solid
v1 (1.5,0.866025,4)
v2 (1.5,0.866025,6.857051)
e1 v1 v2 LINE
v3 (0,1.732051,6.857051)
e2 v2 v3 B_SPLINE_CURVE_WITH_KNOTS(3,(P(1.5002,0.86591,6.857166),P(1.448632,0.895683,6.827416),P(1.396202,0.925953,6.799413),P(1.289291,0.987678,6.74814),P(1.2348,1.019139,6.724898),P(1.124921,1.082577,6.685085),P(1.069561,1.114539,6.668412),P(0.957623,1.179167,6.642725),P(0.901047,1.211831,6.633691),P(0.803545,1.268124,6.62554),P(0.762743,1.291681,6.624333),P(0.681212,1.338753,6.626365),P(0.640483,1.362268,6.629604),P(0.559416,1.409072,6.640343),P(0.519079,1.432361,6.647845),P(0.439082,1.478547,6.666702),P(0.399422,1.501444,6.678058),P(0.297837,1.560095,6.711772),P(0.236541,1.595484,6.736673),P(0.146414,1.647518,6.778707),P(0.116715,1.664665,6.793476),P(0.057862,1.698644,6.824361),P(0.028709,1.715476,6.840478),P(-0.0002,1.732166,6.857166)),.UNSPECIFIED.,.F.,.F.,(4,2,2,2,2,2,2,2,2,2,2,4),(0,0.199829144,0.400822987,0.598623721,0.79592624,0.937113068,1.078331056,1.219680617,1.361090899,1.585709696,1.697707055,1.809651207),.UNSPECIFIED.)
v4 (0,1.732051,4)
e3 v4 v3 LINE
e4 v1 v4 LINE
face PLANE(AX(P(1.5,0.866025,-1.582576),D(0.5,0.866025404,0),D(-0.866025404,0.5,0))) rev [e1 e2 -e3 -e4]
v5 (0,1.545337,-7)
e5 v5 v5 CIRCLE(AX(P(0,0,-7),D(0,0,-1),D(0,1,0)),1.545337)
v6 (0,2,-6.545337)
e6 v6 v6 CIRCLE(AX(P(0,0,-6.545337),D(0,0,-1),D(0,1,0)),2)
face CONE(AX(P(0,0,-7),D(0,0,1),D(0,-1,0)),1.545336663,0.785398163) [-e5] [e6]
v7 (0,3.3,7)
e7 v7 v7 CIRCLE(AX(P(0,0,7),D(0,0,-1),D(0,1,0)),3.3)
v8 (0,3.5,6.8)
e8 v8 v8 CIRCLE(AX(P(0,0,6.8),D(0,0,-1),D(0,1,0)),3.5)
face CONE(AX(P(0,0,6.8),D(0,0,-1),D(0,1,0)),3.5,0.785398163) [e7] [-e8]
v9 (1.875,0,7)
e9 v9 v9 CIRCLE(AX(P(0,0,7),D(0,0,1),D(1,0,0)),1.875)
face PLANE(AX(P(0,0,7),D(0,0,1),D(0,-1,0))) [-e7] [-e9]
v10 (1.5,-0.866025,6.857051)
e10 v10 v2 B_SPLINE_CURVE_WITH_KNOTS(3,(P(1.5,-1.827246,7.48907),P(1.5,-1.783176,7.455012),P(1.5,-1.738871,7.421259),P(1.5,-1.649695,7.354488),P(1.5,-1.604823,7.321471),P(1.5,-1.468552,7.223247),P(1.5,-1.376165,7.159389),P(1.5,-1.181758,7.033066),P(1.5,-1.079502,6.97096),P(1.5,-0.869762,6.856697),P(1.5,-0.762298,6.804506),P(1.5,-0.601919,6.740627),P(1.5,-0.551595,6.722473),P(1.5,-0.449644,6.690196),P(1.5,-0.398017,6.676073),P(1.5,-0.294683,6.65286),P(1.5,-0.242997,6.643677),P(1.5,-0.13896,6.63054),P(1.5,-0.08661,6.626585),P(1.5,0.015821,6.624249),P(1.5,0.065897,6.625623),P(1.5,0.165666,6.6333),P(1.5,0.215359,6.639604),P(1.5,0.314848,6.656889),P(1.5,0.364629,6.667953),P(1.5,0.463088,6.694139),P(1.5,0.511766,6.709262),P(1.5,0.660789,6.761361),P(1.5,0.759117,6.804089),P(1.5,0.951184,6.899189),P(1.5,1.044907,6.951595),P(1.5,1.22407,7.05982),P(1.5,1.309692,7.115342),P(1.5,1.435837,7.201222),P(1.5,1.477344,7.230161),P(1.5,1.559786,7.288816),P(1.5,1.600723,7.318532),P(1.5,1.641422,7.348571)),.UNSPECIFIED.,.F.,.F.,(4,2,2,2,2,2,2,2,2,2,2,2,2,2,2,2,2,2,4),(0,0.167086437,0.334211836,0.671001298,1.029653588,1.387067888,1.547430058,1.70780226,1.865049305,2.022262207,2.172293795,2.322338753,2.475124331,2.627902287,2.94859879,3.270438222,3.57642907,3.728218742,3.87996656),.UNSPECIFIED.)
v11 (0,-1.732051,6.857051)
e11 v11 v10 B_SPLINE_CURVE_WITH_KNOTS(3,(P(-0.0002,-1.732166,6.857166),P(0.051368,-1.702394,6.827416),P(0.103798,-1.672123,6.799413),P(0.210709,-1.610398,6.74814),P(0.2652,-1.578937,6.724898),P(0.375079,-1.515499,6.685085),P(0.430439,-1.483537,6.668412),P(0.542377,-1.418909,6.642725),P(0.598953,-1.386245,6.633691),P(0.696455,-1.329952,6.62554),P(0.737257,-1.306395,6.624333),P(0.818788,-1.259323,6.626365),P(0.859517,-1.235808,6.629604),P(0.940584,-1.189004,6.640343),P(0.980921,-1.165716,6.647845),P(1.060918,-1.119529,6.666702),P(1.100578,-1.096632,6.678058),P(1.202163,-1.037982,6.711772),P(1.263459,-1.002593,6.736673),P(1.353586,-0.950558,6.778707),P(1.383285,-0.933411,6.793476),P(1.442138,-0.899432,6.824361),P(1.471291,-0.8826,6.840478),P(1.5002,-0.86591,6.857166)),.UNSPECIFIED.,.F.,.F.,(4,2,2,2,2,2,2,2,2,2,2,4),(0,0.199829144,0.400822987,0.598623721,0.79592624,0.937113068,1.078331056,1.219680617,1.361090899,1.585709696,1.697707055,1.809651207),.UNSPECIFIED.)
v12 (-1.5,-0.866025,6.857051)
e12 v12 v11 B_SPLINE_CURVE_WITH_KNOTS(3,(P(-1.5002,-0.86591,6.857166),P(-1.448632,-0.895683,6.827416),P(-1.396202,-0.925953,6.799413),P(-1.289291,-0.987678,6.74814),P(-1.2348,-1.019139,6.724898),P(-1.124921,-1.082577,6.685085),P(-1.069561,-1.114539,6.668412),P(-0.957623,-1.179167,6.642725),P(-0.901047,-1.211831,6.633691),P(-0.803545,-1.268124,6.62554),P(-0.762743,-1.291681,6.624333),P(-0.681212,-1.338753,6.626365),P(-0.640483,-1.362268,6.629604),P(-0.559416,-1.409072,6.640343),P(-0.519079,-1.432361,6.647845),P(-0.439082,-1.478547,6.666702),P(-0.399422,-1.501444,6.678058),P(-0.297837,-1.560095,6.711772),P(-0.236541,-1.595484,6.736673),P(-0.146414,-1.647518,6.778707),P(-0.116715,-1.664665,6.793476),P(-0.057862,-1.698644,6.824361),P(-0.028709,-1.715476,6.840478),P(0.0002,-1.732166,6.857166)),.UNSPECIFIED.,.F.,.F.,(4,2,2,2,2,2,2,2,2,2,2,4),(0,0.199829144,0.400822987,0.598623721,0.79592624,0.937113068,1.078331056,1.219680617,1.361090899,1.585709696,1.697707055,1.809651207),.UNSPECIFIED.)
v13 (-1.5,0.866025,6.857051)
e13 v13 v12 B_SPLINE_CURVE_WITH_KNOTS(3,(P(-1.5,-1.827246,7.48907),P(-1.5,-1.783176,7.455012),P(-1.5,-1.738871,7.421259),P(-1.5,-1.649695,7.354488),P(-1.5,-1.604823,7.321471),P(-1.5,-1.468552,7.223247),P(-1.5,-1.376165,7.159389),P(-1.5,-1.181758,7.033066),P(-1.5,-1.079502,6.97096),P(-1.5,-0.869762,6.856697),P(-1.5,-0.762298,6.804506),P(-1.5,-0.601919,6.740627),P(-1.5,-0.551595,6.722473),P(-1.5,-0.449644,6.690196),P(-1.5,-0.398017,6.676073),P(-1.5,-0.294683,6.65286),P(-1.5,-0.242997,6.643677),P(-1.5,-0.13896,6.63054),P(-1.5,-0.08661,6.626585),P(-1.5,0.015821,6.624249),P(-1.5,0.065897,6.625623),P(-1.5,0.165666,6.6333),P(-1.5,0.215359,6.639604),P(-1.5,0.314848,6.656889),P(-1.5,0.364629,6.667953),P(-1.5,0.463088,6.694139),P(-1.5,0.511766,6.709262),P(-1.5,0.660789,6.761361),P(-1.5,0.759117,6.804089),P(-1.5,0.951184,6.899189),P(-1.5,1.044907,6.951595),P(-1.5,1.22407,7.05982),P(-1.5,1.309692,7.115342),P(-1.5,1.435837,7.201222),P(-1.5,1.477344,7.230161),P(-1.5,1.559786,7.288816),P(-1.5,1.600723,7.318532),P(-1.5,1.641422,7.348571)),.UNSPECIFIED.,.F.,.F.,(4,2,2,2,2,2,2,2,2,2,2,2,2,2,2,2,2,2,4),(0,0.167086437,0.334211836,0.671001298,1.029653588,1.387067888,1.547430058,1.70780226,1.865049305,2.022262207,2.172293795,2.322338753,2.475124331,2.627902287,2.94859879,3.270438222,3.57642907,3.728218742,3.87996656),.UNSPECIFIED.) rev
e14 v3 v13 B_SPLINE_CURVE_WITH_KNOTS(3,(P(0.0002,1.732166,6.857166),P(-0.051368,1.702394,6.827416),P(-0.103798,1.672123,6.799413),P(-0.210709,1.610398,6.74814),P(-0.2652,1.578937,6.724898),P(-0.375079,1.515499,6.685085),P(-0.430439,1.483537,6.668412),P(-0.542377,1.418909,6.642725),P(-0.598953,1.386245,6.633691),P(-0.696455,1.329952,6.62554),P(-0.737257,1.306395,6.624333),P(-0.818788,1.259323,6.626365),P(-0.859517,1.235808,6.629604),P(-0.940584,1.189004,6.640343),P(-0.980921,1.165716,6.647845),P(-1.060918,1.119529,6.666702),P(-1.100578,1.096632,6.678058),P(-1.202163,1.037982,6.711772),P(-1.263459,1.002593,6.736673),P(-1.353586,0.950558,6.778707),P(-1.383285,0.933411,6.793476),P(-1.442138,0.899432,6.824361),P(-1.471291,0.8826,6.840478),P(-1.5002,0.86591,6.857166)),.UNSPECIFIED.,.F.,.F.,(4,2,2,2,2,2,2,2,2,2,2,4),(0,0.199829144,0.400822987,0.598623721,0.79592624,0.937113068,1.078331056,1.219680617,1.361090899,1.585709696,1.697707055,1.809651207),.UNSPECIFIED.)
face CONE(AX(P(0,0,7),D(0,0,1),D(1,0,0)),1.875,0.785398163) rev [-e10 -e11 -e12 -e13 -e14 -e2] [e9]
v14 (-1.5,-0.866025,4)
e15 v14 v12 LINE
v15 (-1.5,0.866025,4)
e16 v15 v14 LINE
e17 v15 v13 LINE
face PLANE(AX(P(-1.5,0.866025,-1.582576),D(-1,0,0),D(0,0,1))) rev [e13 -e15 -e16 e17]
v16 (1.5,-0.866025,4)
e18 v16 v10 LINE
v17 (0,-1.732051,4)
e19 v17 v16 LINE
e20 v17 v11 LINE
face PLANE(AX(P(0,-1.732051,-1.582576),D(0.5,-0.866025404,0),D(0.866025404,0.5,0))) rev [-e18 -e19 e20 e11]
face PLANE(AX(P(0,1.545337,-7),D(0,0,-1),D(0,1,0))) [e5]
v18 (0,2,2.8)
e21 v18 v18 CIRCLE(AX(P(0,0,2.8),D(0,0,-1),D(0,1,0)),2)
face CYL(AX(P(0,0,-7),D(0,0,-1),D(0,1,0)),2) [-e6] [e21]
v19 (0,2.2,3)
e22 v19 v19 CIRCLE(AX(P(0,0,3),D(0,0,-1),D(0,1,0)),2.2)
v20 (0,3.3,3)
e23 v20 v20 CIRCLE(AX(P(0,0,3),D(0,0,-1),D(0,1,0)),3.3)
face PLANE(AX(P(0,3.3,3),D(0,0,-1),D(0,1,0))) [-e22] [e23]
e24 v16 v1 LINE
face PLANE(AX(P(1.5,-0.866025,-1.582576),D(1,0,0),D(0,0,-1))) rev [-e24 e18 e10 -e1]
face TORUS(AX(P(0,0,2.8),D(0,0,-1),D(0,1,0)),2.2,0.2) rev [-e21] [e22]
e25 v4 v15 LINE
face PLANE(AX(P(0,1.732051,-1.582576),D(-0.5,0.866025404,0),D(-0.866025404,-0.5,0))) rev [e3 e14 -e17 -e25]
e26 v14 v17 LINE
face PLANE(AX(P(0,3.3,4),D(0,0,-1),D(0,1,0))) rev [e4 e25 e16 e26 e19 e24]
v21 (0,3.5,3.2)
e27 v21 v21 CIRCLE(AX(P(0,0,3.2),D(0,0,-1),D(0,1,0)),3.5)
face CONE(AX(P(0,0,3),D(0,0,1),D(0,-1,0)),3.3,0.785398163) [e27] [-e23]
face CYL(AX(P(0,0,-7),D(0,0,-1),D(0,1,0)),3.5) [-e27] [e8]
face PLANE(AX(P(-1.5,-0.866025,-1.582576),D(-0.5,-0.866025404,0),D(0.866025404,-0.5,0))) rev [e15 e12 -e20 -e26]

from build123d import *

# Parameters (mm, degrees)
CUT_EXTRUDE1_DEPTH = 3


with BuildPart() as part:
    # Sketch2 → Revolve1 (revolve)
    with BuildSketch(Plane(origin=(0, 0, 0), x_dir=(0, 0, -1), z_dir=(1, 0, 0))):
        with BuildLine():
            Line((-7, 0), (-7, 3.3))
            Line((-7, 3.3), (-6.8, 3.5))
            Line((-6.8, 3.5), (-3.2, 3.5))
            Line((-3.2, 3.5), (-3, 3.3))
            Line((-3, 3.3), (-3, 2.2))
            ThreePointArc((-3, 2.2), (-2.941421356, 2.058578644), (-2.8, 2))
            Line((-2.8, 2), (6.545336663, 2))
            Line((6.545336663, 2), (7, 1.545336663))
            Line((7, 1.545336663), (7, 0))
            Line((7, 0), (-7, 0))
        make_face()
    revolve(axis=Axis((0, 0, -7), (0, 0, 1)))

    # Sketch3 → Cut-Extrude1 (cut)
    with BuildSketch(Plane.XY.offset(7)):
        Polygon((1.5, -0.866025404), (1.5, 0.866025404), (0, 1.732050808), (-1.5, 0.866025404), (-1.5, -0.866025404), (0, -1.732050808), align=None)
    extrude(amount=-CUT_EXTRUDE1_DEPTH, mode=Mode.SUBTRACT)

    # Cut-Extrude2 cone 1 section (through the dimple's axis) → Cut-Extrude2 (revolve, cut)
    with BuildSketch(Plane(origin=(0, 0, 7), x_dir=(0, -1, 0), z_dir=(1, 0, 0))):
        Polygon((0, 0), (1.875, 0), (0, 1.875), align=None)
    revolve(axis=Axis((0, 0, 7), (0, 0, -1)), mode=Mode.SUBTRACT)


solid = part.part
